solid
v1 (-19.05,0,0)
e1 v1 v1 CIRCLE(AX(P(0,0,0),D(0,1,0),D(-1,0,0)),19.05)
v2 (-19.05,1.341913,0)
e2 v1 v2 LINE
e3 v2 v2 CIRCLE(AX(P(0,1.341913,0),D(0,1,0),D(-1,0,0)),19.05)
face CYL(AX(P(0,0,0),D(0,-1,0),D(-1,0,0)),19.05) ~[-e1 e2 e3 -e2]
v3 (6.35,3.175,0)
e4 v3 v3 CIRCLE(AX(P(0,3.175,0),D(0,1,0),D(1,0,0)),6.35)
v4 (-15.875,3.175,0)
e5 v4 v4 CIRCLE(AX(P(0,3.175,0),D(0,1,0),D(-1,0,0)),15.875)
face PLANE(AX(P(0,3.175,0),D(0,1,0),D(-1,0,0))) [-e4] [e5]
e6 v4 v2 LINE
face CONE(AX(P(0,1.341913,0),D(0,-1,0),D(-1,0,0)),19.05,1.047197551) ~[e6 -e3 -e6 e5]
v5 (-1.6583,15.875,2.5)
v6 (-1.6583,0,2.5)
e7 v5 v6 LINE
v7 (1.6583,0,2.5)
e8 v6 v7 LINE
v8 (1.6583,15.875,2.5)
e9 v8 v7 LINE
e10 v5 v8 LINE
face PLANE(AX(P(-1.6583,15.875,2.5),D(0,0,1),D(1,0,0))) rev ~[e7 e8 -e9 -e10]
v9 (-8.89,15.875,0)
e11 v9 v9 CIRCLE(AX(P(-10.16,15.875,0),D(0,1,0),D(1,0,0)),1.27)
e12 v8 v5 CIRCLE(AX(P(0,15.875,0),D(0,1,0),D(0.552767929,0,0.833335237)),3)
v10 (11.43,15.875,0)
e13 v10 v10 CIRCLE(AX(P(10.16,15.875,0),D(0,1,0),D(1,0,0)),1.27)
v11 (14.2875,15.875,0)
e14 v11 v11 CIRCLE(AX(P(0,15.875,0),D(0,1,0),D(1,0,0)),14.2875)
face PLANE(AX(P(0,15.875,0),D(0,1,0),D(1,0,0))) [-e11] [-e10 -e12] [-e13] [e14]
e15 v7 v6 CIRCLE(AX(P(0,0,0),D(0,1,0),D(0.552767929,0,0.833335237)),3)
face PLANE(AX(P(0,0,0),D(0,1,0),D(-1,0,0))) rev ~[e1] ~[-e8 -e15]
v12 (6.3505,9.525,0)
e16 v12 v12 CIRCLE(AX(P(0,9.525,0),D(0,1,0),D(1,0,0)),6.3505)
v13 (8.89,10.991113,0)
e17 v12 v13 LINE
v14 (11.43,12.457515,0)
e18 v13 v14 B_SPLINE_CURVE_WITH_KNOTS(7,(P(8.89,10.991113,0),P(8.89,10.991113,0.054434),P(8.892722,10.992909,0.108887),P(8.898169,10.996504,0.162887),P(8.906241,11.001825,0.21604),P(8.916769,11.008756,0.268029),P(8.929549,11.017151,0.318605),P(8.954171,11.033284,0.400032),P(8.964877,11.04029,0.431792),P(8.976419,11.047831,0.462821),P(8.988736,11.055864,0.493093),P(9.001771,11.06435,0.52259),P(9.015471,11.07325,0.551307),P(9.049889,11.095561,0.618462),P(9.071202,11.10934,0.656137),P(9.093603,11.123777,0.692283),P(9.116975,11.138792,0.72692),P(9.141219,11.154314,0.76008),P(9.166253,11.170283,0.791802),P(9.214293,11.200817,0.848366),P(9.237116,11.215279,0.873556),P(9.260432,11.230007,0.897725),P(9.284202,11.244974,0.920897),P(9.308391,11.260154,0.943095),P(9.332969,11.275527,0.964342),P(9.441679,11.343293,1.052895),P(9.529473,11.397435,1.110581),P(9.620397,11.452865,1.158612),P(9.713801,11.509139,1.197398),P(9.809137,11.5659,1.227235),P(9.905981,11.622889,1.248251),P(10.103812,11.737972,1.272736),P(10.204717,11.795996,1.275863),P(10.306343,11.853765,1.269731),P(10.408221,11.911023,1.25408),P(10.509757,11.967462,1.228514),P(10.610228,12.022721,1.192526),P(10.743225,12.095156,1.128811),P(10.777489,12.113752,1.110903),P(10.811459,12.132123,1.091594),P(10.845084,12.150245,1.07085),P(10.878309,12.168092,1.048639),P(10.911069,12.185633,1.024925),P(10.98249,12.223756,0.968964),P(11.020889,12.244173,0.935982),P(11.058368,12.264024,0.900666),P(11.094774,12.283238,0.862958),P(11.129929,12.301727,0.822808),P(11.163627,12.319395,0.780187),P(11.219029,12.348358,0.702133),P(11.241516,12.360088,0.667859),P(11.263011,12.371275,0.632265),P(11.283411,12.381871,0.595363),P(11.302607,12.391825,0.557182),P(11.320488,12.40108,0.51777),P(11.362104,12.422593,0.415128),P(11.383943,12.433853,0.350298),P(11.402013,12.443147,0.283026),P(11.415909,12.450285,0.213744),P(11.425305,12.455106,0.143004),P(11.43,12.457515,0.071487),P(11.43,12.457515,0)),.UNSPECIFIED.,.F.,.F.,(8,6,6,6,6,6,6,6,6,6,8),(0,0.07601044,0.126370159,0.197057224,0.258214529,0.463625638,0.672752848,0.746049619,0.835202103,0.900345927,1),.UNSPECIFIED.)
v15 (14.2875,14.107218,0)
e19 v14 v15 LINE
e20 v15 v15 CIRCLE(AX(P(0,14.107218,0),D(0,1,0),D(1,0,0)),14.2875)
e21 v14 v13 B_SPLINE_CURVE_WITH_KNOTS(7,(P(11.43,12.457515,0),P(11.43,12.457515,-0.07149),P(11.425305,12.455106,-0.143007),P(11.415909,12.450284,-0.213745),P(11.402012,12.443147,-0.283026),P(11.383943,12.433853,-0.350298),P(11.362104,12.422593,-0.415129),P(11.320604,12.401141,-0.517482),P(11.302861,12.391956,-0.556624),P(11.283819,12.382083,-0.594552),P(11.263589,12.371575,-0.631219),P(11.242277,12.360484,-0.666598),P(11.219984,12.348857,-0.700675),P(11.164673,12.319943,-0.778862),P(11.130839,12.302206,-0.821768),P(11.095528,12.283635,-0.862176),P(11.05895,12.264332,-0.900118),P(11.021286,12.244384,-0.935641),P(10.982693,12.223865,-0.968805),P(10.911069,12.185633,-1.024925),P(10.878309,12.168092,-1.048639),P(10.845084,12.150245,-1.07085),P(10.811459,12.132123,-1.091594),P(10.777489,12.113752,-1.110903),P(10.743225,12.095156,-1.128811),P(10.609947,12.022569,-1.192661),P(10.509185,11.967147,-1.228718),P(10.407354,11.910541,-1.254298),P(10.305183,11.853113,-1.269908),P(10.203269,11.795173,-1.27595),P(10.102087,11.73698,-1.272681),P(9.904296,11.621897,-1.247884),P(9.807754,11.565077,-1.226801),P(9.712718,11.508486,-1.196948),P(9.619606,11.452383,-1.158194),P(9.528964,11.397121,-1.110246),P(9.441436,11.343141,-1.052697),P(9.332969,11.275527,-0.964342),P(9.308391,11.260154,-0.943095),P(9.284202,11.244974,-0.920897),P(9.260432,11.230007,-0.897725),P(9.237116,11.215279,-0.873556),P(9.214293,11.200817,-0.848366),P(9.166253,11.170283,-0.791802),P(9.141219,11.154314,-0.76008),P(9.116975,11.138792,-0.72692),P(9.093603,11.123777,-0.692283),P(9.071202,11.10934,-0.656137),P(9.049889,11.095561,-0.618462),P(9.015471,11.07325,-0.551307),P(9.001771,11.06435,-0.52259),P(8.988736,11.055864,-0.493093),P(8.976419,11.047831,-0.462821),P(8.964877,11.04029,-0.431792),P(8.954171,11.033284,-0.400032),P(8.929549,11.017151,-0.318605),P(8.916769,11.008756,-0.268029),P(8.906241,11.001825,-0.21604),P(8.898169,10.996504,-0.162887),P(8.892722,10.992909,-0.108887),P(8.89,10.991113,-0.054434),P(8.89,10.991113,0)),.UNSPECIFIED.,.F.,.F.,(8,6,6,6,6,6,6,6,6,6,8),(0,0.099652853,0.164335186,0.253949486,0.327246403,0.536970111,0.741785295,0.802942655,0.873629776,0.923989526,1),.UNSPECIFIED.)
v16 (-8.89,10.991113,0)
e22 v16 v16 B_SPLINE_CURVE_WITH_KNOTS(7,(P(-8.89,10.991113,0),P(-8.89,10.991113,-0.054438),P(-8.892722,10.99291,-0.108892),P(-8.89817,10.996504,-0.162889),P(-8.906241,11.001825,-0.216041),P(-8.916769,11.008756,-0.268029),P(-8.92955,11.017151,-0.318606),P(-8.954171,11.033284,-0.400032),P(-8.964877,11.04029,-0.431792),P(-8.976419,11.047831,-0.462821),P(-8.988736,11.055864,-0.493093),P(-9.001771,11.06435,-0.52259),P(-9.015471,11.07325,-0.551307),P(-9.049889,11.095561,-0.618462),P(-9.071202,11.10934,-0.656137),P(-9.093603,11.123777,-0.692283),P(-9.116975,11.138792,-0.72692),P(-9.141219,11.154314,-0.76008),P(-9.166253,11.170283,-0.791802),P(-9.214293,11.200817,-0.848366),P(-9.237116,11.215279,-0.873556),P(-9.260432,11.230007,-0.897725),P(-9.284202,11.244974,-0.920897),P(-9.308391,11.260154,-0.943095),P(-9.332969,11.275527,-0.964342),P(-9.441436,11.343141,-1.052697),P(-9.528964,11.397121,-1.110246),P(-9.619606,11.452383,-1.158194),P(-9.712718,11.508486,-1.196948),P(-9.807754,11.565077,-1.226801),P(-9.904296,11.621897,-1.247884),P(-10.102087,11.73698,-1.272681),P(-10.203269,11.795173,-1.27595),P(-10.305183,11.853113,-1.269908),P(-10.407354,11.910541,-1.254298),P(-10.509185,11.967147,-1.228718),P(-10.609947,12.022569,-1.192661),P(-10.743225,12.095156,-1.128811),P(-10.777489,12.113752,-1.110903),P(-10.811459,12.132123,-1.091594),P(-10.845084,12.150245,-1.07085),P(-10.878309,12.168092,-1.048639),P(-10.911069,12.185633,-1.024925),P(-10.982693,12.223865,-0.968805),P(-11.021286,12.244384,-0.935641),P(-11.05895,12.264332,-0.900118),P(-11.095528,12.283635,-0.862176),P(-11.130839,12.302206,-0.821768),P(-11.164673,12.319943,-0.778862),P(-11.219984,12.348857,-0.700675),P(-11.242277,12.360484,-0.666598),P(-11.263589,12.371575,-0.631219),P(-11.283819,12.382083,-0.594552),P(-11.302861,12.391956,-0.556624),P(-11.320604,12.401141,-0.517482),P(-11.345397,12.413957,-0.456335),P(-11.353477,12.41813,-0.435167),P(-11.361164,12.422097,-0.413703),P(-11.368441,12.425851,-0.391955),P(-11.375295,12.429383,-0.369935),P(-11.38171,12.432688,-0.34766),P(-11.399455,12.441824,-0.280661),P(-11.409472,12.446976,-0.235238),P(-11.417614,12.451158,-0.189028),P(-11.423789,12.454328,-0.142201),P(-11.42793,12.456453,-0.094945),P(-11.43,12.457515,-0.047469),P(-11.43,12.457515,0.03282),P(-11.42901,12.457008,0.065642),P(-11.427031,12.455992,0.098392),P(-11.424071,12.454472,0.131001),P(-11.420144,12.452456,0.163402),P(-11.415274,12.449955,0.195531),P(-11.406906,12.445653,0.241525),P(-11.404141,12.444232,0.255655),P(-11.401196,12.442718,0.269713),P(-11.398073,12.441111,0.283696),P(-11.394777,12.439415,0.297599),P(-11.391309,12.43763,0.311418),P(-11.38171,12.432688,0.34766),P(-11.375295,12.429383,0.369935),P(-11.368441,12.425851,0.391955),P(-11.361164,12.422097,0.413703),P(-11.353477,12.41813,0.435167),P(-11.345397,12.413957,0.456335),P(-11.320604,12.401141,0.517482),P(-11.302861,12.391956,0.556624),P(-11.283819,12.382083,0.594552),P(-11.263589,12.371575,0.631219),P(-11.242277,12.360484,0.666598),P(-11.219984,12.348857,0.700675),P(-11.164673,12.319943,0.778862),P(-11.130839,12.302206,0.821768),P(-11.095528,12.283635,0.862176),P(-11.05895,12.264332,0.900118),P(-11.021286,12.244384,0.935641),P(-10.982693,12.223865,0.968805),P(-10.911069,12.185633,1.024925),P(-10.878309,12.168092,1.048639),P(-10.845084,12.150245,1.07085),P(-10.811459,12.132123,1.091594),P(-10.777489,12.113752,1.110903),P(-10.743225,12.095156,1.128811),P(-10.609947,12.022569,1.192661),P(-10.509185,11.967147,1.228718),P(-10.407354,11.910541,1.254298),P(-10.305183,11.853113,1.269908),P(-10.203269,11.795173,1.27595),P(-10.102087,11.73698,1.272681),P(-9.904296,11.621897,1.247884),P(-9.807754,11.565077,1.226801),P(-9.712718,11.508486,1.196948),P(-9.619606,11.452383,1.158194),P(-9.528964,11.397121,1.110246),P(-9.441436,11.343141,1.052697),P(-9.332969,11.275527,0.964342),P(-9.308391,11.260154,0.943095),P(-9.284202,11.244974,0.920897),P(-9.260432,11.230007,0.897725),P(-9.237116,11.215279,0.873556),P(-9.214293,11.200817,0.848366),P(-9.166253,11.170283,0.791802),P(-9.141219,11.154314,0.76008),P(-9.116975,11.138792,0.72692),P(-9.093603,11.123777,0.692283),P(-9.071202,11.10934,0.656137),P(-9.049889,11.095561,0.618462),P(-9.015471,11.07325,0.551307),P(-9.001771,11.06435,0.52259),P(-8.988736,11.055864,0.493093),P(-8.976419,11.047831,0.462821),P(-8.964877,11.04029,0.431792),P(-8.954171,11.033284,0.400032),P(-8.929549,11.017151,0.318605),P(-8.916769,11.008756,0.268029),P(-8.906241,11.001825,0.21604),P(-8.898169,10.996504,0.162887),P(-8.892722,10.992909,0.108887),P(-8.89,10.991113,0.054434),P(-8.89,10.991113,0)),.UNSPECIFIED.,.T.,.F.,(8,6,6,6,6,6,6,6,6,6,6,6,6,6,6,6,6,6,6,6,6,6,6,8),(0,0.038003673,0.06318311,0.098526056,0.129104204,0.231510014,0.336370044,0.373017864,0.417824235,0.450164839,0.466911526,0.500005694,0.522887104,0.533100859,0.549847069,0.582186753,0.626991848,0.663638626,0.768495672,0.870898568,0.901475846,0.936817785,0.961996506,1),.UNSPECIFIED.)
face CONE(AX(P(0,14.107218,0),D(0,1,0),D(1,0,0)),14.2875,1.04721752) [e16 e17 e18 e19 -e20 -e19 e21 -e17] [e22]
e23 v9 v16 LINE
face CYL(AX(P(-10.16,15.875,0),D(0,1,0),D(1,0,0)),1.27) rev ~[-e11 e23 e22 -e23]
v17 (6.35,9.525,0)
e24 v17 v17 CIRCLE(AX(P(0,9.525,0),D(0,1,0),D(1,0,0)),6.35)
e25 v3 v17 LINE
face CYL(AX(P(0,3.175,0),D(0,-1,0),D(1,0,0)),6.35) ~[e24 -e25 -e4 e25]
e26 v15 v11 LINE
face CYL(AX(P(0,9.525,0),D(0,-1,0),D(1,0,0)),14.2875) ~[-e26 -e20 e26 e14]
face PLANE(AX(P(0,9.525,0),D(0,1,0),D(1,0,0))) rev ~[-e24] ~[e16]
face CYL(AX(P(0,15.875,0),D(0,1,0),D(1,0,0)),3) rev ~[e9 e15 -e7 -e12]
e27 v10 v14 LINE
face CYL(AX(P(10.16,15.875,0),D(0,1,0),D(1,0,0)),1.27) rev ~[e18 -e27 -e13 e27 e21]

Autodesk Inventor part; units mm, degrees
ref_plane "YZ Plane" through (0, 0, 0) normal (1, 0, 0) x (0, 1, 0)
ref_plane "XZ Plane" through (0, 0, 0) normal (0, 1, 0) x (-1, 0, 0)
ref_plane "XY Plane" through (0, 0, 0) normal (0, 0, 1) x (1, 0, 0)
sketch "Sketch1" plane through (0, 0, 0) normal (0, 1, 0) x (-1, 0, 0)
  circle A0 centre (0, 0) radius 19.05
  dimension "d0" = 38.1
extrude "Extrusion1" add sketch "Sketch1" along normal blind 3.175
sketch "Sketch2" plane through (0, 3.175, 0) normal (0, 1, 0) x (1, 0, 0)
  circle A0 centre (0, 0) radius 6.35
  dimension "d3" = 12.7
extrude "Extrusion2" add sketch "Sketch2" along normal blind 6.35
sketch "Sketch3" plane through (0, 9.525, 0) normal (0, 1, 0) x (1, 0, 0)
  circle A0 centre (0, 0) radius 14.2875
  dimension "d6" = 28.575
extrude "Extrusion3" add sketch "Sketch3" along normal blind 6.35
chamfer "Chamfer1" distance 7.9375 angle 30 1 edges at (-14.2875, 9.525, 0) measured on face at (11.4418, 9.525, 1.6463)
chamfer "Chamfer2" distance 3.175 angle 30 1 edges at (19.05, 3.175, 0) measured on face at (-14.6321, 3.175, -1.5197)
sketch "Sketch4" plane through (0, 15.875, 0) normal (0, 1, 0) x (1, 0, 0)
  circle A0 centre (-10.16, 0) radius 1.27
  circle A1 centre (10.16, 0) radius 1.27
  circle A2 centre (0, 0) radius 6.35 projected
  dimension "d15" = 2.54
  dimension "d16" = 10.16
  dimension "d17" = 10.16
extrude "Extrusion4" cut sketch "Sketch4" against normal up to surface (12.7 mm away) contours A0 | A1
sketch "Sketch5" plane through (0, 15.875, 0) normal (0, 1, 0) x (1, 0, 0)
  circle A0 centre (0, 0) radius 3
  line L0 (-1.6583, -2.5) -> (1.6583, -2.5)
  point P0 (0, 3)
  dimension "d20" = 6
  dimension "d21" = 5.5
extrude "Extrusion5" cut sketch "Sketch5" against normal through all contours A0 L0 picked at (0.1141, -0.6732)
equation "\"d17\" = d16"
properties part number "Pulley_3DPrint"
